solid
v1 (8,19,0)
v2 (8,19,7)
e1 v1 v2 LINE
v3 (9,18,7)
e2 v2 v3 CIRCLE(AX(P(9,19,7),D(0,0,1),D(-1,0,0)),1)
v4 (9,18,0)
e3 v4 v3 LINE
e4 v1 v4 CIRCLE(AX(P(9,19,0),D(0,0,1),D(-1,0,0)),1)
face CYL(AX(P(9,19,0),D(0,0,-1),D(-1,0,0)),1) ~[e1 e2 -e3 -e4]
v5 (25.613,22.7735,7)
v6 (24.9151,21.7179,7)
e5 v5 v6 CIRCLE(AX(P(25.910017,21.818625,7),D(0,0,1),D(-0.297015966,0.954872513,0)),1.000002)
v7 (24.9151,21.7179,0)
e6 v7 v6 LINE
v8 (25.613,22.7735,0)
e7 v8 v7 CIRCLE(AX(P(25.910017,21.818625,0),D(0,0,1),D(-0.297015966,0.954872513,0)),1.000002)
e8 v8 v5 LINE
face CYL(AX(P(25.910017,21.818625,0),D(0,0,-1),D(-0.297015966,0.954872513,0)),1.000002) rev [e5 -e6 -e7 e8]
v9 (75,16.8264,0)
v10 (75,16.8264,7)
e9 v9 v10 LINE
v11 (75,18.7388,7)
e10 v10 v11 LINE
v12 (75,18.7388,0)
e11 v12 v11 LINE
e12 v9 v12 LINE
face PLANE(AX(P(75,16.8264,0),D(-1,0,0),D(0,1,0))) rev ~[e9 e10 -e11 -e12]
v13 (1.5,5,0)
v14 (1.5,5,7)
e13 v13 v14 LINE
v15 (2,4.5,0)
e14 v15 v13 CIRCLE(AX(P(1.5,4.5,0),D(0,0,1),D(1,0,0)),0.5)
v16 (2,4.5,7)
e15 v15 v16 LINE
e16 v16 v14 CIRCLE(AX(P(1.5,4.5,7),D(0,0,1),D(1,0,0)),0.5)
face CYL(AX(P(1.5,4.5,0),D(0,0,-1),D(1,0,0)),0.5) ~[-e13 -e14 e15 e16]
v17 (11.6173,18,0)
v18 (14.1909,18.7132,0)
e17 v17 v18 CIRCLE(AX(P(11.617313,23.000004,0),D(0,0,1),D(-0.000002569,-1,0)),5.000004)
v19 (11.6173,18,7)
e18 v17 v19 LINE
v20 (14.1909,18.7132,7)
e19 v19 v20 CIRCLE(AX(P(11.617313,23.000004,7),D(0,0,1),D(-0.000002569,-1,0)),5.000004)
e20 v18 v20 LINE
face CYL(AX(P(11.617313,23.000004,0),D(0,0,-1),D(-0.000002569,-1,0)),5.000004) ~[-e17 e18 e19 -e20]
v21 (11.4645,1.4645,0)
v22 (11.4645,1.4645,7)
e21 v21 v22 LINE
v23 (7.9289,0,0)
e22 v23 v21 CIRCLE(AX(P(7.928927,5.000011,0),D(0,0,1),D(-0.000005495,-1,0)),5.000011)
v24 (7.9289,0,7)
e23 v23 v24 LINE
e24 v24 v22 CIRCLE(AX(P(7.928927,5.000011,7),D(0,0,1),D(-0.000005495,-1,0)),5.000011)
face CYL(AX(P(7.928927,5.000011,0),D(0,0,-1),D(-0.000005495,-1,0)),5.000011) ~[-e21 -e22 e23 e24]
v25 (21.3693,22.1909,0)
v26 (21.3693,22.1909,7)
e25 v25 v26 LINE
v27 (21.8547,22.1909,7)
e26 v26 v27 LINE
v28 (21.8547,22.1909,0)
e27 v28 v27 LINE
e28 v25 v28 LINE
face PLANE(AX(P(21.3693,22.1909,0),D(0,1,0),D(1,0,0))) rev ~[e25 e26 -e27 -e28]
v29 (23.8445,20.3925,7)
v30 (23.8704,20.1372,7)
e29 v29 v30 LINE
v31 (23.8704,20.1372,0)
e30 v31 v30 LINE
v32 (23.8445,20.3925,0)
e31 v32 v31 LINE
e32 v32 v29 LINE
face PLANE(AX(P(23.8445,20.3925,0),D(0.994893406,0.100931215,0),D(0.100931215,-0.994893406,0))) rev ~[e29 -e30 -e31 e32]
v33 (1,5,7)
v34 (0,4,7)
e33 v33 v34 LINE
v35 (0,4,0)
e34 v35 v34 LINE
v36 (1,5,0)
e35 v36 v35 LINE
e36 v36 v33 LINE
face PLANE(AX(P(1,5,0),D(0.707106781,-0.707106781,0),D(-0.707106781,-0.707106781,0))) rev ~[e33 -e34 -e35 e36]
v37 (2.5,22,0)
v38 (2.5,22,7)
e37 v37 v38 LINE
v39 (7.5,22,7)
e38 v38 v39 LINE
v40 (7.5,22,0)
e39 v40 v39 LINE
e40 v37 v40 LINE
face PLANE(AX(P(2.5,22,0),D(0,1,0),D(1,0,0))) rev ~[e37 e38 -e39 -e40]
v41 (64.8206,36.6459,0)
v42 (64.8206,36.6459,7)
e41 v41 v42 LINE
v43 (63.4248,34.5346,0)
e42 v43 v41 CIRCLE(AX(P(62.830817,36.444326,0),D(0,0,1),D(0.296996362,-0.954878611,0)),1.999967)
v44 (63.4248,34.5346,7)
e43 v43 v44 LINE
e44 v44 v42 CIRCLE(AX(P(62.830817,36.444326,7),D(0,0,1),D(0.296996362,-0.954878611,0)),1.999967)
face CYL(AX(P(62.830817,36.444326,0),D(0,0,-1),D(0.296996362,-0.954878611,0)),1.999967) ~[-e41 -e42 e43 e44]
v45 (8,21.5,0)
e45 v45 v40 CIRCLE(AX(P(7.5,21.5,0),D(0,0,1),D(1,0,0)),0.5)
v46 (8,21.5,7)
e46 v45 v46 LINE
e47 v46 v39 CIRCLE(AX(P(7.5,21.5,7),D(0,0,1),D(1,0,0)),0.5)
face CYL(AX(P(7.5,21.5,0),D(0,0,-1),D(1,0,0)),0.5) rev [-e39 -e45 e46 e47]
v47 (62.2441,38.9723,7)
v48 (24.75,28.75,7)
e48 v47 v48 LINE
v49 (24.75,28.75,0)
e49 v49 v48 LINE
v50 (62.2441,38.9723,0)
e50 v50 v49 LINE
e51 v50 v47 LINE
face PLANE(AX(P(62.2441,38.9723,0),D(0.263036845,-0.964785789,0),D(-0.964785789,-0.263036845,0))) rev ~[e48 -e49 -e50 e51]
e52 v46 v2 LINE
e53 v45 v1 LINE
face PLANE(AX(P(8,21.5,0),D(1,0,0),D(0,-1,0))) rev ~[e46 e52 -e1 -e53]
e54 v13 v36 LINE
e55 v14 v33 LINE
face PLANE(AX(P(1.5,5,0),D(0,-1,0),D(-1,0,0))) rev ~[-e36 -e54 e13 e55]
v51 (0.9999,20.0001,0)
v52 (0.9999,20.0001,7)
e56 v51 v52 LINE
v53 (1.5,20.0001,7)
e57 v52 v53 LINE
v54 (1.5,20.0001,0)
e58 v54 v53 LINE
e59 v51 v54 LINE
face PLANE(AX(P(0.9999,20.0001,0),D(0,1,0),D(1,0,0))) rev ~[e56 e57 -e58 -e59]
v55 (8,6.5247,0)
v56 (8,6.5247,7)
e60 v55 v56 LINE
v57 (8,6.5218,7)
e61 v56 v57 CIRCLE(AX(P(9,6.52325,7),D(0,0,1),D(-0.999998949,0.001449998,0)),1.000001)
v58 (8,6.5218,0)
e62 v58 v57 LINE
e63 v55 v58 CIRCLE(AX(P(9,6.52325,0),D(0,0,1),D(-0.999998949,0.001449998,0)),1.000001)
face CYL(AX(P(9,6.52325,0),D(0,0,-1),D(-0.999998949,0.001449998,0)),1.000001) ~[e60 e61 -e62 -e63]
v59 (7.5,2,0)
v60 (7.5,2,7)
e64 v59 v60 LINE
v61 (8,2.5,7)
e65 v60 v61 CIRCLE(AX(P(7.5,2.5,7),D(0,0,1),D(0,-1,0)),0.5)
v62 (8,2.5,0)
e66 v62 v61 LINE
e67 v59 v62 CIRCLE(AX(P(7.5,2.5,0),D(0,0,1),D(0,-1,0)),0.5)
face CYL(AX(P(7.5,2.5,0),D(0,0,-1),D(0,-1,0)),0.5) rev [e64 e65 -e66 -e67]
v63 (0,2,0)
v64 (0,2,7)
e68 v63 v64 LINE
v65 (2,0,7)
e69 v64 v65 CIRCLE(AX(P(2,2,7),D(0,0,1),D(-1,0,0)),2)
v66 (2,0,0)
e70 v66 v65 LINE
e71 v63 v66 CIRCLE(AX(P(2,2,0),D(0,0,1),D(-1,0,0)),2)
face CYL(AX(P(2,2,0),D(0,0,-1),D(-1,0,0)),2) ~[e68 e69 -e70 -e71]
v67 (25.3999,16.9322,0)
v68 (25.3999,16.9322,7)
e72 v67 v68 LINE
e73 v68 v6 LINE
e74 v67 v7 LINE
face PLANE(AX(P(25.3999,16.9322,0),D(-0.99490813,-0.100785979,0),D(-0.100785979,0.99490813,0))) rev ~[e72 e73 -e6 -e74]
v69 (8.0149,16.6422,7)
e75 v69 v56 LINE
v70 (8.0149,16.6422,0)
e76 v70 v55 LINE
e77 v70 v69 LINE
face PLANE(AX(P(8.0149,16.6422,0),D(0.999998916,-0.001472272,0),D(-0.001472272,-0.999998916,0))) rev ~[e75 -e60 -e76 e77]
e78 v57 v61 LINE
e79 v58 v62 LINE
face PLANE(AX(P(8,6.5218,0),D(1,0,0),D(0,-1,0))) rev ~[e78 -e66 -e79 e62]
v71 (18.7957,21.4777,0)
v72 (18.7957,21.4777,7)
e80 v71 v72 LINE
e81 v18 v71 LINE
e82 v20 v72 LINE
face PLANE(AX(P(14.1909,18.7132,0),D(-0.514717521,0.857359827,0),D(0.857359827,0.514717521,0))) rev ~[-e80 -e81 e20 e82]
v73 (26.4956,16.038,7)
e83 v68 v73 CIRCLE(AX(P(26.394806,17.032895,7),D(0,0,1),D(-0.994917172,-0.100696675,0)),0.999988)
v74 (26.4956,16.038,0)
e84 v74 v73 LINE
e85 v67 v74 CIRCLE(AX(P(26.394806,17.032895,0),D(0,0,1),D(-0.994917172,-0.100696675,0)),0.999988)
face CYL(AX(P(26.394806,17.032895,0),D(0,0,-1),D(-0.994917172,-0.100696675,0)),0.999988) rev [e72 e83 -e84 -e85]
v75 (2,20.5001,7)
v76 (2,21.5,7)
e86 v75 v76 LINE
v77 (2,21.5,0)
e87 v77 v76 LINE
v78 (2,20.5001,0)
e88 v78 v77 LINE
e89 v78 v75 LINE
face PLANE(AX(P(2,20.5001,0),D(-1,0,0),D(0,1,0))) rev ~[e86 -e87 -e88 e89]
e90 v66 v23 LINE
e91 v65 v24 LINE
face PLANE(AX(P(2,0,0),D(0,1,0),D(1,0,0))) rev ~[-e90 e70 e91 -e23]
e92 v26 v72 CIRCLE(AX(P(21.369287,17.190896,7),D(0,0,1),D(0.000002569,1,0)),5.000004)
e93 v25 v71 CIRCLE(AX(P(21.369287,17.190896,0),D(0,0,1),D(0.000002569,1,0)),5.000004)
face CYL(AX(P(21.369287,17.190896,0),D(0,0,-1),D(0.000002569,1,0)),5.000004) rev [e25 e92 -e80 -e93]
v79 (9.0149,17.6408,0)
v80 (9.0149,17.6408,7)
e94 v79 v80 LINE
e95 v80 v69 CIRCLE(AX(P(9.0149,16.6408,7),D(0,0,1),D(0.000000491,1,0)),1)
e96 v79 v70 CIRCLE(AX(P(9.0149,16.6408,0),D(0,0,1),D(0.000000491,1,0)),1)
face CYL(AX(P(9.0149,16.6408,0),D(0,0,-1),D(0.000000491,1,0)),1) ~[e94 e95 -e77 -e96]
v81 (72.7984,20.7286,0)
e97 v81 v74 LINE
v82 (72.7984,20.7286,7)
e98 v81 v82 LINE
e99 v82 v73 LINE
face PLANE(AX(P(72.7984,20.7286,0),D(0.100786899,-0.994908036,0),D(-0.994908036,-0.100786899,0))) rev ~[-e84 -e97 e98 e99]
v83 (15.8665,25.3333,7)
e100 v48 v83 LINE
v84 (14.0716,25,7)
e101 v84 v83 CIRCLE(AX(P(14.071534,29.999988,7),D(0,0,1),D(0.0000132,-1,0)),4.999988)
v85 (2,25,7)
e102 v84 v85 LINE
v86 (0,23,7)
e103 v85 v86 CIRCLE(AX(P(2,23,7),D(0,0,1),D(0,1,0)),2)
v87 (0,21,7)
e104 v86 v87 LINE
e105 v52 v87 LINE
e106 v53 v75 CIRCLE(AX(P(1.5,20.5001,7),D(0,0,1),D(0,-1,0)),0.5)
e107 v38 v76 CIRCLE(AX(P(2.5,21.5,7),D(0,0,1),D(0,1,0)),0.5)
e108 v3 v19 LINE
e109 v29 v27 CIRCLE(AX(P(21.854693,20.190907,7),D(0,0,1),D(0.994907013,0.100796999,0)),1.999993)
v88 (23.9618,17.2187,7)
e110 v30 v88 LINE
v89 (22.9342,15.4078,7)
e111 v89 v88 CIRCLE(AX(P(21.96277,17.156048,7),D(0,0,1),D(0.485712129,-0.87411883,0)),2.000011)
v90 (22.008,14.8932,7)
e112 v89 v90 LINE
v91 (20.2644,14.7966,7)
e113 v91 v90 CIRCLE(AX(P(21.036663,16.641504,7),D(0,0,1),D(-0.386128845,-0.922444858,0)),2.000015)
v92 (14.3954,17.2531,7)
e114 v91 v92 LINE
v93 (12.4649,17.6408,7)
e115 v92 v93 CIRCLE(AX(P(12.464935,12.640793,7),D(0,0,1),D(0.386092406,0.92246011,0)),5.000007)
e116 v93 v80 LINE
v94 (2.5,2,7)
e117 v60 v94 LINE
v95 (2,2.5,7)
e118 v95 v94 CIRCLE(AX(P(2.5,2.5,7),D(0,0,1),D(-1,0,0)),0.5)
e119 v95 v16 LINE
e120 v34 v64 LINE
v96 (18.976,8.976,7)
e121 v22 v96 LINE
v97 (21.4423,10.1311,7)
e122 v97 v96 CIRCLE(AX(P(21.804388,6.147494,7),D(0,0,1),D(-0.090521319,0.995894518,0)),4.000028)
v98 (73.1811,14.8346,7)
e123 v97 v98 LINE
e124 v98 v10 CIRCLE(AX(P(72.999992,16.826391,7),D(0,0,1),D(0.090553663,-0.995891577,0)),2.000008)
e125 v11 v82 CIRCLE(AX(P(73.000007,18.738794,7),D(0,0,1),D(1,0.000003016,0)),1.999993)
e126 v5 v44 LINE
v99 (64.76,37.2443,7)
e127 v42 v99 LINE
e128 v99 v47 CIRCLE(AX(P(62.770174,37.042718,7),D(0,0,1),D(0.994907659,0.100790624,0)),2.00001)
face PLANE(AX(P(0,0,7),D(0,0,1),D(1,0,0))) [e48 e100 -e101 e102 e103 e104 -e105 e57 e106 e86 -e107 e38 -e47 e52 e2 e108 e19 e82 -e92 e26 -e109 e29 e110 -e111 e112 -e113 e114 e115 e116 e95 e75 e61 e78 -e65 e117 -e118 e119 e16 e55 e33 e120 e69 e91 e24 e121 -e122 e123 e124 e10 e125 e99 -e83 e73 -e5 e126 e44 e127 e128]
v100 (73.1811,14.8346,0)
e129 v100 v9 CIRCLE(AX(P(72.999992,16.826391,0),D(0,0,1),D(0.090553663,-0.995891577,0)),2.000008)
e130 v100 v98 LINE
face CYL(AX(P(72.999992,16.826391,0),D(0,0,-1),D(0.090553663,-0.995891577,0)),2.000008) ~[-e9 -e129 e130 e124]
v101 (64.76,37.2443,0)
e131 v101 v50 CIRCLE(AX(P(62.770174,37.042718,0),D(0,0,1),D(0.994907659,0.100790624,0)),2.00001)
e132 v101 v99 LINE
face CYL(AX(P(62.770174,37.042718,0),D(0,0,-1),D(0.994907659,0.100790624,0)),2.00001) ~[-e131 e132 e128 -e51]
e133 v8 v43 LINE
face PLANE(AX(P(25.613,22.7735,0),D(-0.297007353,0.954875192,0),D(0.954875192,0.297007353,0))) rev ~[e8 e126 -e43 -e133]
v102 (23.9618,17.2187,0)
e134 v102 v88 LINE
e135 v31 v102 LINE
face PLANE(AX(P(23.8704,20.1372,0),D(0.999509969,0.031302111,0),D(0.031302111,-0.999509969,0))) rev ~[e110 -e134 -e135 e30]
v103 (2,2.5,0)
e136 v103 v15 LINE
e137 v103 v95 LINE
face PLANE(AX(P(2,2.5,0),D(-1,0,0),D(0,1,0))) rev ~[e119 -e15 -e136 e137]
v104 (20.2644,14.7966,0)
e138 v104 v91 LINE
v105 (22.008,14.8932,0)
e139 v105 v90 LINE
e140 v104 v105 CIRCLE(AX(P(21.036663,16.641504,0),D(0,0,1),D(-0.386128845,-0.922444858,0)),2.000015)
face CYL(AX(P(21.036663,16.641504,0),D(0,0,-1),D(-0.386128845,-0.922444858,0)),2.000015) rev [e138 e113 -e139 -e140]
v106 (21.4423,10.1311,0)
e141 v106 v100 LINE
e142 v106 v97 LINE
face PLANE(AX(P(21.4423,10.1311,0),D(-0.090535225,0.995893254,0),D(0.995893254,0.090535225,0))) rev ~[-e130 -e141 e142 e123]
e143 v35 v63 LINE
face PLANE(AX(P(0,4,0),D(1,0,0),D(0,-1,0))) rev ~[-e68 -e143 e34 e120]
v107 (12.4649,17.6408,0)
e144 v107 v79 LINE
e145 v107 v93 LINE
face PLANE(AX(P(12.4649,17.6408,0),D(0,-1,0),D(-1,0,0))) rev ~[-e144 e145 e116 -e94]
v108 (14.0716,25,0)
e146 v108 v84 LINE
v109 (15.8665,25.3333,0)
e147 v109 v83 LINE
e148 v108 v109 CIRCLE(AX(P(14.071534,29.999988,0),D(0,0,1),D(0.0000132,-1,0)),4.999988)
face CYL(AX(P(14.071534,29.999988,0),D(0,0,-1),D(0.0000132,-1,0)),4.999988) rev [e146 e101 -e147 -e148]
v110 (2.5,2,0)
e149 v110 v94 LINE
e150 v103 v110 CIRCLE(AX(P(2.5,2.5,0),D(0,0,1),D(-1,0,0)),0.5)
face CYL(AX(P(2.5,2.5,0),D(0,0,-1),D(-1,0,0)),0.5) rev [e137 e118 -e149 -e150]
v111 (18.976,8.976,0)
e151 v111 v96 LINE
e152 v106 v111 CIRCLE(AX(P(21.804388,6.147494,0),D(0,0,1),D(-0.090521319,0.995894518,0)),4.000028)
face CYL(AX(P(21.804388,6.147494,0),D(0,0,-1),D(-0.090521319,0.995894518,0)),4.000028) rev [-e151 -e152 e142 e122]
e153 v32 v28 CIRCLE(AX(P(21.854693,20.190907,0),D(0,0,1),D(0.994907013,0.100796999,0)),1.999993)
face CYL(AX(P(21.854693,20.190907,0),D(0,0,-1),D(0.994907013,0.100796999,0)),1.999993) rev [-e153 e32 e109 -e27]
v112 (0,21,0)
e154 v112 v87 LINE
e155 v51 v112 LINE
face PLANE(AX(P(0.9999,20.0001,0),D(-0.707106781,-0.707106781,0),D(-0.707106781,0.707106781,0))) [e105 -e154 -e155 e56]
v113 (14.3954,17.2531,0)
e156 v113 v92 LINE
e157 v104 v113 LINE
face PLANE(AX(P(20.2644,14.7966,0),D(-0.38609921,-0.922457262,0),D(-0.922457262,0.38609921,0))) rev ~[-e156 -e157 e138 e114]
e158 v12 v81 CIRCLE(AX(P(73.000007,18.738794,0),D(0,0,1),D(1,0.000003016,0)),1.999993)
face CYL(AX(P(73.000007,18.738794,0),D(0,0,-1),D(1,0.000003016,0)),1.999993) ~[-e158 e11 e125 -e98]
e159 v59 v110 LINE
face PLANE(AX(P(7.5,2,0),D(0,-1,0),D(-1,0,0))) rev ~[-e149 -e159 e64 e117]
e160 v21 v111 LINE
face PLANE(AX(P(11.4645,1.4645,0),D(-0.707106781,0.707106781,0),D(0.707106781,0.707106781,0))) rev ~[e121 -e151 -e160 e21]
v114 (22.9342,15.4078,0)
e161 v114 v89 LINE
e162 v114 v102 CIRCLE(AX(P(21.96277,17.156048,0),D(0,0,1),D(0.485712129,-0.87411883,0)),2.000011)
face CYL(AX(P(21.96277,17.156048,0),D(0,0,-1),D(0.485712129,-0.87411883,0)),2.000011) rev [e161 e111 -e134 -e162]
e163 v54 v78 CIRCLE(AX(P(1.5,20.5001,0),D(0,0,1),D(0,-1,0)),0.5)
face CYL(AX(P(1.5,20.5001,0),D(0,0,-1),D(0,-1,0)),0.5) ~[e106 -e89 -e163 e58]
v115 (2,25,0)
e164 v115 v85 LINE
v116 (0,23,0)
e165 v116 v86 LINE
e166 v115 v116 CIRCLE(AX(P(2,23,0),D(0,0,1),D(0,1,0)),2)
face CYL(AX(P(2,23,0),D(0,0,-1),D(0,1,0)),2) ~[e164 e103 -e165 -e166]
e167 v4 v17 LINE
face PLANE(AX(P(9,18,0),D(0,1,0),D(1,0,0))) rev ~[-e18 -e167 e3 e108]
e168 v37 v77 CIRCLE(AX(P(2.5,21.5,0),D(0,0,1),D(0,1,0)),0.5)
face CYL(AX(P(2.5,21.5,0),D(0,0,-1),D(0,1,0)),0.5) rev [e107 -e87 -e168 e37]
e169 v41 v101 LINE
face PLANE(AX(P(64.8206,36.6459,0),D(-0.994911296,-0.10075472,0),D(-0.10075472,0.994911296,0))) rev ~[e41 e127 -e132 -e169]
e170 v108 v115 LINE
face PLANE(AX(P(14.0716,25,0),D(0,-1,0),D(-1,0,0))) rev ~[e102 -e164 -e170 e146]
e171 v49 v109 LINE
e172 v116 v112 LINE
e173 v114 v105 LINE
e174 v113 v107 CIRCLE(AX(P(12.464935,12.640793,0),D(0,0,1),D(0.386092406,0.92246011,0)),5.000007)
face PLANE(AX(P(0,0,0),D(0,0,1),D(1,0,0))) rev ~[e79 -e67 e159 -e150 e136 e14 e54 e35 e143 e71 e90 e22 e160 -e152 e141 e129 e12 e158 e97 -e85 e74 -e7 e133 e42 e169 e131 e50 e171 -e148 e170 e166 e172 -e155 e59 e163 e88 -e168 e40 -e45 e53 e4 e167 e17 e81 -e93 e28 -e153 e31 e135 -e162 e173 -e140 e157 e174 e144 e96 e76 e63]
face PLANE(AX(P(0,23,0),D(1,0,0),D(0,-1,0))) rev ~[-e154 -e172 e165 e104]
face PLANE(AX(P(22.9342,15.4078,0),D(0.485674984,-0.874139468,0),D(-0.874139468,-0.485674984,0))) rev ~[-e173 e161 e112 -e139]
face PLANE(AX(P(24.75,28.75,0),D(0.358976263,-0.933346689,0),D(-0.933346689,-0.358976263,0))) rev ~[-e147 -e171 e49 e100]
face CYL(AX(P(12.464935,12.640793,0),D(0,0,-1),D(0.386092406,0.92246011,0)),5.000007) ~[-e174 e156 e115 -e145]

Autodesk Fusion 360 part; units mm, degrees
sketch "Sketch1" plane through (0, 0, 0) normal (0, 0, 1) x (1, 0, 0)
  line L0 (0, 5) -> (0, 2)
  line L1 (2, 0) -> (7.9289, 0)
  line L2 (11.4645, 1.4645) -> (18.976, 8.976)
  line L3 (21.4423, 10.1311) -> (73.1811, 14.8346)
  line L4 (75, 16.8264) -> (75, 18.7388)
  line L5 (72.7984, 20.7286) -> (26.4956, 16.038)
  line L6 (25.3999, 16.9322) -> (24.9151, 21.7179)
  line L7 (25.613, 22.7735) -> (63.4248, 34.5346)
  line L8 (64.8206, 36.6459) -> (64.76, 37.2443)
  line L9 (62.2441, 38.9723) -> (24.75, 28.75)
  line L10 (24.75, 28.75) -> (15.8665, 25.3333)
  line L11 (14.0716, 25) -> (2, 25)
  line L12 (0, 23) -> (0, 20.0001)
  line L13 (0, 20.0001) -> (1.5, 20.0001)
  line L14 (2, 20.5001) -> (2, 21.5)
  line L15 (2.5, 22) -> (7.5, 22)
  line L16 (8, 21.5) -> (8, 19)
  line L17 (9, 18) -> (11.6173, 18)
  line L18 (14.1909, 18.7132) -> (18.7957, 21.4777)
  line L19 (21.3693, 22.1909) -> (21.8547, 22.1909)
  line L20 (23.8445, 20.3925) -> (23.8704, 20.1372)
  line L21 (23.8704, 20.1372) -> (23.9618, 17.2187)
  line L22 (22.9342, 15.4078) -> (22.008, 14.8932)
  line L23 (8, 6.5218) -> (8, 2.5)
  line L24 (7.5, 2) -> (2.5, 2)
  line L25 (2, 2.5) -> (2, 4.5)
  line L26 (1.5, 5) -> (0, 5)
  arc A0 (23.8445, 20.3925) -> (21.8547, 22.1909) centre (21.8547, 20.1909) ccw
  arc A1 (73.1811, 14.8346) -> (75, 16.8264) centre (73, 16.8264) ccw
  arc A2 (75, 18.7388) -> (72.7984, 20.7286) centre (73, 18.7388) ccw
  arc A3 (63.4248, 34.5346) -> (64.8206, 36.6459) centre (62.8308, 36.4443) ccw
  arc A4 (64.76, 37.2443) -> (62.2441, 38.9723) centre (62.7702, 37.0427) ccw
  arc A5 (21.4423, 10.1311) -> (18.976, 8.976) centre (21.8044, 6.1475) ccw
  arc A6 (14.0716, 25) -> (15.8665, 25.3333) centre (14.0716, 30) ccw
  arc A7 (11.6173, 18) -> (14.1909, 18.7132) centre (11.6173, 23) ccw
  arc A8 (7.9289, 0) -> (11.4645, 1.4645) centre (7.9289, 5) ccw
  arc A9 (2, 25) -> (0, 23) centre (2, 23) ccw
  arc A10 (0, 2) -> (2, 0) centre (2, 2) ccw
  arc A11 (25.3999, 16.9322) -> (26.4956, 16.038) centre (26.3948, 17.0329) ccw
  arc A12 (25.613, 22.7735) -> (24.9151, 21.7179) centre (25.91, 21.8186) ccw
  arc A13 (21.3693, 22.1909) -> (18.7957, 21.4777) centre (21.3693, 17.1909) ccw
  arc A14 (8, 19) -> (9, 18) centre (9, 19) ccw
  arc A15 (8, 6.5247) -> (8, 6.5218) centre (9, 6.5218) ccw
  arc A16 (8, 21.5) -> (7.5, 22) centre (7.5, 21.5) ccw
  arc A17 (2.5, 22) -> (2, 21.5) centre (2.5, 21.5) ccw
  arc A18 (7.5, 2) -> (8, 2.5) centre (7.5, 2.5) ccw
  arc A19 (2, 2.5) -> (2.5, 2) centre (2.5, 2.5) ccw
  arc A20 (2, 4.5) -> (1.5, 5) centre (1.5, 4.5) ccw
  arc A21 (1.5, 20.0001) -> (2, 20.5001) centre (1.5, 20.5001) ccw
  line L27 (1, 5) -> (0, 4)
  line L28 (0.9999, 20.0001) -> (0, 21)
  arc A22 (22.9342, 15.4078) -> (23.9618, 17.2187) centre (21.9628, 17.1561) ccw
  line L29 (20.2644, 14.7966) -> (14.3954, 17.2531)
  line L30 (12.4649, 17.6408) -> (9.0149, 17.6408)
  line L31 (8.0149, 16.6422) -> (8, 6.5218)
  arc A23 (9.0149, 17.6408) -> (8.0149, 16.6422) centre (9.0149, 16.6408) ccw
  arc A24 (14.3954, 17.2531) -> (12.4649, 17.6408) centre (12.4649, 12.6408) ccw
  arc A25 (20.2644, 14.7966) -> (22.008, 14.8932) centre (21.0366, 16.6415) ccw
  point P0 (2, 5)
  dimension "d1" = 5
  dimension "d2" = 2
  dimension "d3" = 6
  dimension "d4" = 20
  dimension "d5" = 2
  dimension "d6" = 2
  dimension "d7" = 2
  dimension "d8" = 2
  dimension "d9" = 2
  dimension "d10" = 4
  dimension "d11" = 5
  dimension "d12" = 5
  dimension "d13" = 2
  dimension "d14" = 2
  dimension "d15" = 1
  dimension "d16" = 1
  dimension "d17" = 5
  dimension "d18" = 1
  dimension "d20" = 0.5
  dimension "d21" = 0.5
  dimension "d22" = 0.5
  dimension "d23" = 0.5
  dimension "d24" = 0.5
  dimension "d25" = 0.5
  dimension "d28" = 2
  dimension "d29" = 1
  dimension "d30" = 5
  dimension "d31" = 2
extrude "Extrude1" add sketch "Sketch1" along normal blind 7 contours L0 L1 L2 L3 L4 L5 L6 L7 L8 L9 L10 L11 L12 L13 L14 L15 L16 L17 L18 L19 L20 L21 L22 L23 L24 L25 L26 A0 A1 A2 A3 A4 A5 A6 A7 A8 A9 A10 A11 A12 A13 A14 A15 A16 A17 A18 A19 A20 A21 L27 L28 A22 L29 L30 L31 A23 A24 A25
